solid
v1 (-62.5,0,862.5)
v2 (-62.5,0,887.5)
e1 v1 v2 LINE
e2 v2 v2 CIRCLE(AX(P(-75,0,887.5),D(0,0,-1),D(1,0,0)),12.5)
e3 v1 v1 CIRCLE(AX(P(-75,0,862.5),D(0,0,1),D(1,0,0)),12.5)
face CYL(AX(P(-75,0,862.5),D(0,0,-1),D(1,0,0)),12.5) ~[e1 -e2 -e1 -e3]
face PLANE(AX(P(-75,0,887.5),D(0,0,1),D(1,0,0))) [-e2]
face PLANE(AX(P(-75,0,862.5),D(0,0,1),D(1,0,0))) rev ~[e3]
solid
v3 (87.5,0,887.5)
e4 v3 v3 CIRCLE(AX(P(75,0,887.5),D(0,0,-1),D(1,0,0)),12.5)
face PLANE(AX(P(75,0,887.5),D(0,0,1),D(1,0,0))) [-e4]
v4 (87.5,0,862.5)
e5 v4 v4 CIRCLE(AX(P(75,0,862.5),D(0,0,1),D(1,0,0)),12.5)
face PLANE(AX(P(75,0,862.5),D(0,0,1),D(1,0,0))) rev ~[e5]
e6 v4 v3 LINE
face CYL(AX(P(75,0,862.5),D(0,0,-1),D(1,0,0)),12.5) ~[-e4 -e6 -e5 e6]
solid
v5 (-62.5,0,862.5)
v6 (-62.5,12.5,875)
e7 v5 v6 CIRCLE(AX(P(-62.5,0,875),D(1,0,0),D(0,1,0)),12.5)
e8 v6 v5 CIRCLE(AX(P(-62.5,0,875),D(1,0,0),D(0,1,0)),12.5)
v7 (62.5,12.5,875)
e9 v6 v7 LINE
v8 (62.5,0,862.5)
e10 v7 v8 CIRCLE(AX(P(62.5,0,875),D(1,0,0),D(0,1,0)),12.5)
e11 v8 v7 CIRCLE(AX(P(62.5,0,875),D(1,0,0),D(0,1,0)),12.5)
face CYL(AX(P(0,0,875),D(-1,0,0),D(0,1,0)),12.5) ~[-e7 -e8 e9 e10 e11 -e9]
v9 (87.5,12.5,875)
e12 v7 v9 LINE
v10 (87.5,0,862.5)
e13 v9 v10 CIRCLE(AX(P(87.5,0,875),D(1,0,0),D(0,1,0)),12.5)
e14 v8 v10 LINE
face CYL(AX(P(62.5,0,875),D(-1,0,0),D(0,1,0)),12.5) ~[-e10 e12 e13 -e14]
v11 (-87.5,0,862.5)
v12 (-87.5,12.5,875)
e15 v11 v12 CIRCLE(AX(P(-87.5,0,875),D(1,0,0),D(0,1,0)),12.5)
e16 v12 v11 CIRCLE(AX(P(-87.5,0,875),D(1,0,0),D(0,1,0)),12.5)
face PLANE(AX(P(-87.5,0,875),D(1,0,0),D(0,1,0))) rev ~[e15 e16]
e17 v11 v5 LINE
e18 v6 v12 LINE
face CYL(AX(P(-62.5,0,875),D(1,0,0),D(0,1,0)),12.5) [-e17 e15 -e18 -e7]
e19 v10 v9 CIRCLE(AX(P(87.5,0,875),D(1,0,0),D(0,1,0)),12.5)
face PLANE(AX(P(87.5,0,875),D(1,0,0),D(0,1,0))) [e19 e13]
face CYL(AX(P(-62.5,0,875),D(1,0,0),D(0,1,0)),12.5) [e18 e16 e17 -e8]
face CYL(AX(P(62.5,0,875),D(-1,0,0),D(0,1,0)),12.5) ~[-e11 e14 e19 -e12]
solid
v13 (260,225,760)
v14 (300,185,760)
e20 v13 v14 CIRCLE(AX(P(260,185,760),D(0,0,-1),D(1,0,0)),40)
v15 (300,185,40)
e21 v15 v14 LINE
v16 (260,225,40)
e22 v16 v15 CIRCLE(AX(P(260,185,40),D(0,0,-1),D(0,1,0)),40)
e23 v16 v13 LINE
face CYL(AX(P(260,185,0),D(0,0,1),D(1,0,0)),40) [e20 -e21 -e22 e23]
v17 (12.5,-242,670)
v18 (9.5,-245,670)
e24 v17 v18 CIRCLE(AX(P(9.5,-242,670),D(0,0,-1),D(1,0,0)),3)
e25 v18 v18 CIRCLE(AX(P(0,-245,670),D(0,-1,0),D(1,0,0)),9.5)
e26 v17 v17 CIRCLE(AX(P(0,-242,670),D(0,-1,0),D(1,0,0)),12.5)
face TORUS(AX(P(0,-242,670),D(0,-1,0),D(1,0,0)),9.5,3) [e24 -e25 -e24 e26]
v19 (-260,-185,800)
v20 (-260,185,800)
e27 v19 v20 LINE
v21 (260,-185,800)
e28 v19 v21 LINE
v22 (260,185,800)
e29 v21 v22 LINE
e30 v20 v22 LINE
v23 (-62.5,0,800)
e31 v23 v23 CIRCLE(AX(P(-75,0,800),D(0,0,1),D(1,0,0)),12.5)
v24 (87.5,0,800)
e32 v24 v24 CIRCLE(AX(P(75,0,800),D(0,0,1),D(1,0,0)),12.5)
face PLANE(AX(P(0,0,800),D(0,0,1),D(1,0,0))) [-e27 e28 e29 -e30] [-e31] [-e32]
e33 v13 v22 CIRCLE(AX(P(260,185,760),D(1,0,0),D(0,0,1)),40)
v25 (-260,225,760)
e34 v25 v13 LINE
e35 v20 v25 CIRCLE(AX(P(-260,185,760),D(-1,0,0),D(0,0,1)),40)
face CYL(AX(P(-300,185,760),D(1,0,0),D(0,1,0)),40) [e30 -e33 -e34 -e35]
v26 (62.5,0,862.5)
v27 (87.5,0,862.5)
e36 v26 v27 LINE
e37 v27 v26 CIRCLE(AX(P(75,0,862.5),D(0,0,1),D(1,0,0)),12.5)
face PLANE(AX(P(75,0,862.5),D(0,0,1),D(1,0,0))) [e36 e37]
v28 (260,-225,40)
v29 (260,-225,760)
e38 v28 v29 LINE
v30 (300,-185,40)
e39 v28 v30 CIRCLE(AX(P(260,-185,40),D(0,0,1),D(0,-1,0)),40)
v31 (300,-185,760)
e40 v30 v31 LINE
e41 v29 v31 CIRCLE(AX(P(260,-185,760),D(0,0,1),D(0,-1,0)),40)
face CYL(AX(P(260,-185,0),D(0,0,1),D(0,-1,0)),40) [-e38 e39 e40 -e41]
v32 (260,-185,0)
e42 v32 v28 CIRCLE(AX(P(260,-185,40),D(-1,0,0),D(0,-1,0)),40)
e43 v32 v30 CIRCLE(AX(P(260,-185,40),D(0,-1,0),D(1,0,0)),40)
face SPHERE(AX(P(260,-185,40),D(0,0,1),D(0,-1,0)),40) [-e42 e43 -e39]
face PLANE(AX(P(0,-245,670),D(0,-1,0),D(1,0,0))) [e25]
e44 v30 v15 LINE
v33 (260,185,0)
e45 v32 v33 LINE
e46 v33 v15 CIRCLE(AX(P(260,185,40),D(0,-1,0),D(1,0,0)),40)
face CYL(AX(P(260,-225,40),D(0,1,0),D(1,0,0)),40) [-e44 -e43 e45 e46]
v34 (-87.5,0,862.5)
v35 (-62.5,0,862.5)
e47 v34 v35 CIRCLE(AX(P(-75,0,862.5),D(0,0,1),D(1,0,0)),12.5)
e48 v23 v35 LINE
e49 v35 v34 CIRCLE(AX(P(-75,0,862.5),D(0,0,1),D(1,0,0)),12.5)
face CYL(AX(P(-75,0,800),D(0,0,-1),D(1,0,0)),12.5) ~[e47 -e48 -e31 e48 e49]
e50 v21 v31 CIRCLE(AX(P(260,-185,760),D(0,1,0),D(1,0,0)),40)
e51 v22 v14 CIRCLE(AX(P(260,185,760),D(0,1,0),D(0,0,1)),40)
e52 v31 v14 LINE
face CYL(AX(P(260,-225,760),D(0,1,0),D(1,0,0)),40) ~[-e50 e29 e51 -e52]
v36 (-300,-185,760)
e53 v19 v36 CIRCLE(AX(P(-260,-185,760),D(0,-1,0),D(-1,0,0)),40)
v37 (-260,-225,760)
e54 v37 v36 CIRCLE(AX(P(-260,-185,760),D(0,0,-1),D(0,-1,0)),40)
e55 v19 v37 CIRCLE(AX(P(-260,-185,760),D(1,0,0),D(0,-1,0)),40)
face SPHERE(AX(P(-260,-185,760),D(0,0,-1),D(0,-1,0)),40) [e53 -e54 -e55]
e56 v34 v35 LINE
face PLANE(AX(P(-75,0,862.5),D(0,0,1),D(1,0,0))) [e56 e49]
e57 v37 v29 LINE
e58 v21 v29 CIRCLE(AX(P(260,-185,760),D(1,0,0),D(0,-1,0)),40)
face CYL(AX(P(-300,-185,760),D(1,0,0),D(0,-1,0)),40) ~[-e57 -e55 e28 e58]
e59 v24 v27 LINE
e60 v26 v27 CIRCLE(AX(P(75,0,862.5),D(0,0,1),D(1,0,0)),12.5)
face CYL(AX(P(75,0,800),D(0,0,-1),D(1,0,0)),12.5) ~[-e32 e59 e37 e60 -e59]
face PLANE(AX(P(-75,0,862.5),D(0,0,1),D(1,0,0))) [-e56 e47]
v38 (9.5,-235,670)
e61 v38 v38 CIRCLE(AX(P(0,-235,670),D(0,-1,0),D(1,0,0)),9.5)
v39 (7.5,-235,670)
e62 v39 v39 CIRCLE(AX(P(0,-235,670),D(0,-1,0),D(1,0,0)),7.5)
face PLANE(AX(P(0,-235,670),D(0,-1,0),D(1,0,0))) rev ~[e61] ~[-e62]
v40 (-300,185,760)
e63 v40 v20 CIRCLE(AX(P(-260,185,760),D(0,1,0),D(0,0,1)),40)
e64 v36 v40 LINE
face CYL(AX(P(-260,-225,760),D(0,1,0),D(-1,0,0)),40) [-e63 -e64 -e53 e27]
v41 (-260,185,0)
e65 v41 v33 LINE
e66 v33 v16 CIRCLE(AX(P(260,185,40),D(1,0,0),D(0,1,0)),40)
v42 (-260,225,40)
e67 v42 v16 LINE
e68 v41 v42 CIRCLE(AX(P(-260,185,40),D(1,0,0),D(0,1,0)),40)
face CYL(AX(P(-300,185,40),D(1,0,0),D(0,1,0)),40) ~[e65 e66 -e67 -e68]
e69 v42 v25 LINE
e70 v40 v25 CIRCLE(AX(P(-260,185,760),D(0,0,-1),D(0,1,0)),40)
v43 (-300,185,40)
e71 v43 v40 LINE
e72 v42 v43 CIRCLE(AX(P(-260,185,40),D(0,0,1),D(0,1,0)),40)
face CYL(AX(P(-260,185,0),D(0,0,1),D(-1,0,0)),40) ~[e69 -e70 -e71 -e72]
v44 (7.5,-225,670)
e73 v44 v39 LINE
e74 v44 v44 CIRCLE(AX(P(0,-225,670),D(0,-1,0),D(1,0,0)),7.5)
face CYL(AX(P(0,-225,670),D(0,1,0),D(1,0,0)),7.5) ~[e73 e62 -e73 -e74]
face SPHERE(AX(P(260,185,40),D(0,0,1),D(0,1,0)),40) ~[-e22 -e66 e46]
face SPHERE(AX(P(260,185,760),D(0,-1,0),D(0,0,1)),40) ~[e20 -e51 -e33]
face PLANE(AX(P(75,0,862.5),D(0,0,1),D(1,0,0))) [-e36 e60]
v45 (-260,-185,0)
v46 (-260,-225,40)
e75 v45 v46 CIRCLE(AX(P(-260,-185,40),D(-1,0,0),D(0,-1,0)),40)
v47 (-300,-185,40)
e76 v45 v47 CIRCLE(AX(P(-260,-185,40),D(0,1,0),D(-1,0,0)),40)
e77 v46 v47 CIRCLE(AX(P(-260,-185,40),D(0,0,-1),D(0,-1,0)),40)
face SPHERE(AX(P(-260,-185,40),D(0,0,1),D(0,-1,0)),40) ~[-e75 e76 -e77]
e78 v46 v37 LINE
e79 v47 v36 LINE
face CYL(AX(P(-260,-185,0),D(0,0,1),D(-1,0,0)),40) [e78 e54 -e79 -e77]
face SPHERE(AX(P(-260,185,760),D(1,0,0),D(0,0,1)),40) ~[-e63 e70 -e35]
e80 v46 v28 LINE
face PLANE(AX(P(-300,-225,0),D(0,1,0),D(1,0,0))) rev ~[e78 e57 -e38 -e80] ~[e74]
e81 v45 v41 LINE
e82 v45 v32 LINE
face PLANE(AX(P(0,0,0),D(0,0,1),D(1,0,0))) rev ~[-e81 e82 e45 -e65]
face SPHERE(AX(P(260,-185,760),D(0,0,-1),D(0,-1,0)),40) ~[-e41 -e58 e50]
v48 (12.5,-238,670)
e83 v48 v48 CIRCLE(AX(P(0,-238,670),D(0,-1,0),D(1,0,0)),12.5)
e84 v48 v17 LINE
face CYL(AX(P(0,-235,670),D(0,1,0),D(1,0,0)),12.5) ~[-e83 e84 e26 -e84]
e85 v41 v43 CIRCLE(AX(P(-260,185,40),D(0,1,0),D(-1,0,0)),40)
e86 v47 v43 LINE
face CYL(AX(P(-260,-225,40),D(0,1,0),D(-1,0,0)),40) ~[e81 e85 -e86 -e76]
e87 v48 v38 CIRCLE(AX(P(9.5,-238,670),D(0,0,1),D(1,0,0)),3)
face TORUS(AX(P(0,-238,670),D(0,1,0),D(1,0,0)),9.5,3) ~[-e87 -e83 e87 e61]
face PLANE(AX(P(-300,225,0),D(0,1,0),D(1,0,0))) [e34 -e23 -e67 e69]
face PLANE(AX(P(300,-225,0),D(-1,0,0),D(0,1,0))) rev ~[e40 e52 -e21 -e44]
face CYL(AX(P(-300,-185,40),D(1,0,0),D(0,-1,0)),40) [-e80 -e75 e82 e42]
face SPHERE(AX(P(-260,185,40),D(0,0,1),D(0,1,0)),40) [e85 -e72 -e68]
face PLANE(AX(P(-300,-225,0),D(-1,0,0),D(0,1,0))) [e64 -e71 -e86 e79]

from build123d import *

# Parameters (mm, degrees)
F0_W      = 600
F0_H      = 450
F1_DEPTH  = 800
F2_R      = 40
F3_R      = 12.5
F4_DEPTH  = 75
F5_R      = 12.5
F7_DEPTH  = 12.5
F8_DEPTH  = 12.5
F9_DEPTH  = 12.5
F6_R      = 12.5
F10_DEPTH = 62.5
F11_DEPTH = 62.5
F12_DEPTH = 12.5
F13_DEPTH = 25
F14_DEPTH = 25
F15_DEPTH = 25
F16_DEPTH = 25
F18_R     = 7.5
F19_DEPTH = 10
F20_R     = 12.5
F20_R_2   = 7.5
F21_DEPTH = 10
F22_R     = 3
F23_R     = 3


with BuildPart() as f1:
    # F0 (on Top) → F1 (new body)
    with BuildSketch(Plane.XY):
        Rectangle(F0_W, F0_H)
    extrude(amount=F1_DEPTH)

    # F2
    f2_edges = [f1.edges().sort_by_distance(p)[0] for p in [
        (-300, -225, 400),
        (300, -225, 400),
        (0, -225, 0),
        (0, -225, 800),
        (300, 0, 800),
        (0, 225, 800),
        (-300, 0, 800),
        (300, 225, 400),
        (-300, 225, 400),
        (0, 225, 0),
        (300, 0, 0),
        (-300, 0, 0),
    ]]
    fillet(f2_edges, radius=F2_R)

    # F3 (on face) → F4 (join)
    with BuildSketch(Plane.XY.offset(800)):
        with Locations((-75, 0)):
            Circle(F3_R)
        with Locations((75, 0)):
            Circle(F3_R)
    extrude(amount=F4_DEPTH)

    # F5 (on face) → F7 (join)
    with BuildSketch(Plane.XY.offset(875)):
        with Locations((-75, 0)):
            Circle(F5_R)
    extrude(amount=-F7_DEPTH)

    # F8 (add): a face of the model
    f8_faces = [f1.faces().sort_by_distance(p)[0] for p in [
        (-75, 0, 875),
    ]]
    extrude(f8_faces, amount=-F8_DEPTH)

    # F9 (cut): a face of the model
    f9_faces = [f1.faces().sort_by_distance(p)[0] for p in [
        (-75, 0, 875),
    ]]
    extrude(f9_faces, amount=-F9_DEPTH, mode=Mode.SUBTRACT)



with BuildPart() as f10:
    # F6 (on Right) → F10 (new body)
    with BuildSketch(Plane.YZ):
        with Locations((0, 875)):
            Circle(F6_R)
    extrude(amount=-F10_DEPTH)


with BuildPart() as f1_1:
    add(f1.part)
    # F11 (add): a face of the model
    f11_faces = [f10.part.faces().sort_by_distance(p)[0] for p in [
        (0, 0, 875),
    ]]

    add(f10.part)  # F11 merges F10
    extrude(f11_faces, amount=F11_DEPTH)

    # F12 (cut): a face of the model
    f12_faces = [f1_1.faces().sort_by_distance(p)[0] for p in [
        (75, 0, 875),
    ]]
    extrude(f12_faces, amount=-F12_DEPTH, mode=Mode.SUBTRACT)

    # F13 (add): a face of the model
    f13_faces = [f1_1.faces().sort_by_distance(p)[0] for p in [
        (62.5, -8.5888347648, 883.5888347648),
    ]]
    extrude(f13_faces, amount=F13_DEPTH)


with BuildPart() as f14:
    # F14 (new): faces of the model
    f14_faces = [f1_1.part.faces().sort_by_distance(p)[0] for p in [
        (75, 5.3051647697, 862.5),
        (75, -5.3051647697, 862.5),
    ]]
    extrude(f14_faces, amount=F14_DEPTH)


with BuildPart() as f1_2:
    add(f1_1.part)

    # F15 (add): a face of the model
    f15_faces = [f1_2.faces().sort_by_distance(p)[0] for p in [
        (-62.5, 0, 875),
    ]]
    extrude(f15_faces, amount=F15_DEPTH)


with BuildPart() as f16:
    # F16 (new): faces of the model
    f16_faces = [f1_2.part.faces().sort_by_distance(p)[0] for p in [
        (-75, 5.3051647697, 862.5),
        (-75, -5.3051647697, 862.5),
    ]]
    extrude(f16_faces, amount=F16_DEPTH)


with BuildPart() as f1_3:
    add(f1_2.part)

    # F18 (on face) → F19 (join)
    with BuildSketch(Plane.XZ.offset(225)):
        with Locations((0, 670)):
            Circle(F18_R)
    extrude(amount=F19_DEPTH)

    # F20 (on face) → F21 (join)
    with BuildSketch(Plane.XZ.offset(235)):
        with Locations((0, 670)):
            Circle(F20_R)
        with Locations((0, 670)):
            Circle(F20_R_2, mode=Mode.SUBTRACT)
        with Locations((0, 670)):
            Circle(F20_R_2)
    extrude(amount=F21_DEPTH)

    # F22
    f22_edges = [f1_3.edges().sort_by_distance(p)[0] for p in [
        (-12.5, -245, 670),
    ]]
    fillet(f22_edges, radius=F22_R)

    # F23
    f23_edges = [f1_3.edges().sort_by_distance(p)[0] for p in [
        (-12.5, -235, 670),
    ]]
    fillet(f23_edges, radius=F23_R)


solid = Compound([f14.part, f16.part, f1_3.part])
